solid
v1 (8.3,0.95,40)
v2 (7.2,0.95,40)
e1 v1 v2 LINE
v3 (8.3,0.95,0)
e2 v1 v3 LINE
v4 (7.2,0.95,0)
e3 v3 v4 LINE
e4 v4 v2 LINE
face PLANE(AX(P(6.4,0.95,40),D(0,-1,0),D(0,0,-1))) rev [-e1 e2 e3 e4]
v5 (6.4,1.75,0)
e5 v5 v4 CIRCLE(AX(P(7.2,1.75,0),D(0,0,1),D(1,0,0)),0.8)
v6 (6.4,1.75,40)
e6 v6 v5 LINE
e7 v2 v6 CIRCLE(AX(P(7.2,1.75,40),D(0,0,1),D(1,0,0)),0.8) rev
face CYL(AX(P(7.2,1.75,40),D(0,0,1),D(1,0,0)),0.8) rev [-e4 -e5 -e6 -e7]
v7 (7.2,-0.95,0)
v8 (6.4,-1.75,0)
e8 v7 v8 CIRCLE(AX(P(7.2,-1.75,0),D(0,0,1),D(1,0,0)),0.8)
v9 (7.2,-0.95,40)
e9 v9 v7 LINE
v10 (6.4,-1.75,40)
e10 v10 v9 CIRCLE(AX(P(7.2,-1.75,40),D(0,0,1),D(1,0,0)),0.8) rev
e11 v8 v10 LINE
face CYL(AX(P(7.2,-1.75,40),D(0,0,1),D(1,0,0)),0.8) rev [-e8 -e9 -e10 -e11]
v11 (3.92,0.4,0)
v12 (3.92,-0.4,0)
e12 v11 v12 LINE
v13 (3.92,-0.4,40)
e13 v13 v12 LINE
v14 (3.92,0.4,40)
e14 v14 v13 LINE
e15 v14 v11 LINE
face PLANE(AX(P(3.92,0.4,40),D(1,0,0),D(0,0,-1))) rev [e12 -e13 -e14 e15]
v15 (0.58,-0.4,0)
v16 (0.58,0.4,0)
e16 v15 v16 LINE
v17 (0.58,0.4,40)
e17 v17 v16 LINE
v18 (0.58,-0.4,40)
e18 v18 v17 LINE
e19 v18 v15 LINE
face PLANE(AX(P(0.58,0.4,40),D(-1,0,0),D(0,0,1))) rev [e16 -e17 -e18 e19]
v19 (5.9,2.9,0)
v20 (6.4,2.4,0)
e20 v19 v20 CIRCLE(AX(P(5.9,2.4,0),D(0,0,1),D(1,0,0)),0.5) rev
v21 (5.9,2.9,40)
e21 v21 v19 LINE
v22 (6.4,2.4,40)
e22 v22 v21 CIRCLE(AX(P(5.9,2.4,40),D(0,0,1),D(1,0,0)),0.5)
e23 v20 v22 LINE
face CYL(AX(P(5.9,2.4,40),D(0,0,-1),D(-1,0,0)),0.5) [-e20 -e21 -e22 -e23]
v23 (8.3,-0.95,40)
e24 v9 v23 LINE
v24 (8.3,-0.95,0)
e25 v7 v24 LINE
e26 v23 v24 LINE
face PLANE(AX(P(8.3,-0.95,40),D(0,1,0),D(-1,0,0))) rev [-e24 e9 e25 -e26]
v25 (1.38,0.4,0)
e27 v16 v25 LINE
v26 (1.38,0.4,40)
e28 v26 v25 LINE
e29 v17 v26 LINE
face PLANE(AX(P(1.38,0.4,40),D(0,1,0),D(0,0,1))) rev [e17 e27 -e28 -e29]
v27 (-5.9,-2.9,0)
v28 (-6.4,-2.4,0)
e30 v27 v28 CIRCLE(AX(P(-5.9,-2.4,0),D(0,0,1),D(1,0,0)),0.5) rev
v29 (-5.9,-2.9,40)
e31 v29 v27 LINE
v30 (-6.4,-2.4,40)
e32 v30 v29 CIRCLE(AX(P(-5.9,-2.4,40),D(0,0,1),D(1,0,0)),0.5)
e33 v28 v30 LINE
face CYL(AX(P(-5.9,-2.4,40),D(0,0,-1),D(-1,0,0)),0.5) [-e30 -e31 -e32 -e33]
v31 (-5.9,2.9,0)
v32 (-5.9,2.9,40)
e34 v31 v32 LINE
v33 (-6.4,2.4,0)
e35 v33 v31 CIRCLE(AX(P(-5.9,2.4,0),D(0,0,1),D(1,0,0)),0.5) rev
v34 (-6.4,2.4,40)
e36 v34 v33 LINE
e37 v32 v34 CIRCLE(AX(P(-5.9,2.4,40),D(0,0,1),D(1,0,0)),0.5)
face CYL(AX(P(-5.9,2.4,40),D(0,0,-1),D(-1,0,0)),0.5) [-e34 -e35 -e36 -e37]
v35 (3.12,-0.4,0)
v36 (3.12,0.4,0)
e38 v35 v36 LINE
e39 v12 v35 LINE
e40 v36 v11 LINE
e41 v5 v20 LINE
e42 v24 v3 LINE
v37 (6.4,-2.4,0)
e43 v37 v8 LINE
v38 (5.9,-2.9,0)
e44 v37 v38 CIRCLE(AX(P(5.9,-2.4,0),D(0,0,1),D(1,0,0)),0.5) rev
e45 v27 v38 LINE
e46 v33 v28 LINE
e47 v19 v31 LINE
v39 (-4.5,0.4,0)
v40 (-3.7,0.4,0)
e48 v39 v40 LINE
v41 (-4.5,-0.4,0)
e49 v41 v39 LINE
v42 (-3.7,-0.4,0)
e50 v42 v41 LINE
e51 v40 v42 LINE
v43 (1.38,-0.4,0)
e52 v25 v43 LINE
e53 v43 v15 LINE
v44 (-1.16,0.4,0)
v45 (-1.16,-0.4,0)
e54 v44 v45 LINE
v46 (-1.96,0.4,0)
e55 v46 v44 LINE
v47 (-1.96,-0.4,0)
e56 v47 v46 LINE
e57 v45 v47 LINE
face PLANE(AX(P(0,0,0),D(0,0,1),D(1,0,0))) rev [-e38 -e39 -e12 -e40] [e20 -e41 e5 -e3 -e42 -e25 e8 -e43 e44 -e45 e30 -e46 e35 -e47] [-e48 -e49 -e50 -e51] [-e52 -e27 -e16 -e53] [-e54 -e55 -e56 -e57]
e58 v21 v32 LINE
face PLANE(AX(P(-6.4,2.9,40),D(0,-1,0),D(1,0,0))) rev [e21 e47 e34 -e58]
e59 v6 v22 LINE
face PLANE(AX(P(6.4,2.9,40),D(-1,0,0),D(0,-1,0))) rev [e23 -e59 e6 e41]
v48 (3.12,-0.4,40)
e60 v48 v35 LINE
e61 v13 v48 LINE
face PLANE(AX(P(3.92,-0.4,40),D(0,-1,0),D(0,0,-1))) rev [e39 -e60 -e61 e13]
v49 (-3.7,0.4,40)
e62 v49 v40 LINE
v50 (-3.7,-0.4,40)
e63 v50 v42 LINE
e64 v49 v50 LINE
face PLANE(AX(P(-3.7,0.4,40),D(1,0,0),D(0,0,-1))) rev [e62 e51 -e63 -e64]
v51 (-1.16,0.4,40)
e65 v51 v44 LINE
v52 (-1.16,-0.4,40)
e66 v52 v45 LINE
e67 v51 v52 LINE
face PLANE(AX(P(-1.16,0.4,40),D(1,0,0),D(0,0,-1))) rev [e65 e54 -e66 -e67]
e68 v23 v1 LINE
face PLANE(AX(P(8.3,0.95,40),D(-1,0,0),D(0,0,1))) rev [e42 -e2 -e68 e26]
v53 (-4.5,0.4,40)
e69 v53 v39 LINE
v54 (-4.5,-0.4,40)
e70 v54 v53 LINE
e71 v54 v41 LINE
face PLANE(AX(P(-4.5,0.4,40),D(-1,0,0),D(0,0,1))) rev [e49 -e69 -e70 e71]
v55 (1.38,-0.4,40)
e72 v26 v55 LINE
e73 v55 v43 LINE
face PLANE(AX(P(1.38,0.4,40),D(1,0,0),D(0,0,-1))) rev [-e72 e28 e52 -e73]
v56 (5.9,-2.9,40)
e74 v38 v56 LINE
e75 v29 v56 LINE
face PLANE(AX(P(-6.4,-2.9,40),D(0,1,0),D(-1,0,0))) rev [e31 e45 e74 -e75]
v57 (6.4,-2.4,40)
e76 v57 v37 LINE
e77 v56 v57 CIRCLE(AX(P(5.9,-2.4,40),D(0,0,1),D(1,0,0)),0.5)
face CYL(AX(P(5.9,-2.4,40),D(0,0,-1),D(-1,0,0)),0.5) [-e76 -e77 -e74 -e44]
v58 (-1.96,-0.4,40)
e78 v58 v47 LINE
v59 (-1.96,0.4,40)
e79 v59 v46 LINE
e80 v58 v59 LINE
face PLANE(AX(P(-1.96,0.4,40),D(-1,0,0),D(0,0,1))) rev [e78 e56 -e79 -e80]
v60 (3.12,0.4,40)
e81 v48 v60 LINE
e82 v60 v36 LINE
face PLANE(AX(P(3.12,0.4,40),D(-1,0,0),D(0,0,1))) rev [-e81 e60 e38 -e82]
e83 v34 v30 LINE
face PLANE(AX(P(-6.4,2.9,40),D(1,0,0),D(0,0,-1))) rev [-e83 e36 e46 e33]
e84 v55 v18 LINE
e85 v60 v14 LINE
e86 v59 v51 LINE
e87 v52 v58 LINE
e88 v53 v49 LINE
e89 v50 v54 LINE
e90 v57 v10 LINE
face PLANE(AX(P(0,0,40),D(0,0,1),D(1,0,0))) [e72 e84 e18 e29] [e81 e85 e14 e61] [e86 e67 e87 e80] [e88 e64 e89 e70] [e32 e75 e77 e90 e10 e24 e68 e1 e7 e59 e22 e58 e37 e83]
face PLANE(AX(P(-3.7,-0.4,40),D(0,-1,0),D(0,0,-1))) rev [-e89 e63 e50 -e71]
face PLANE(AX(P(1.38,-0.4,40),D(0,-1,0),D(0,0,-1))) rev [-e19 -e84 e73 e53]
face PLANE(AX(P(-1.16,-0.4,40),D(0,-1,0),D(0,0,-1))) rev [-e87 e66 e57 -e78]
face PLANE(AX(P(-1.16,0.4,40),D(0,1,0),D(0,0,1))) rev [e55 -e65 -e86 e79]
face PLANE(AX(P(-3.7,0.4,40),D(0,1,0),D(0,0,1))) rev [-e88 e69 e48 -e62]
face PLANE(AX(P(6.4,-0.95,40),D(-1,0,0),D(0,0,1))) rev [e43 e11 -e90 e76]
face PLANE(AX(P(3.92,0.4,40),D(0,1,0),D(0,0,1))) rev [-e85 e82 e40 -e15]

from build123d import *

# Parameters (mm, degrees)
BOSS_EXTRU_1_DEPTH         = 40
ESQUISSE3_W                = 0.8
ESQUISSE3_H                = 0.8
ENL_V_MAT_EXTRU_1_DEPTH    = 41.954853192
R_P_TITION_LIN_AIRE1_COUNT = 4
R_P_TITION_LIN_AIRE1_PITCH = 2.54
CONG_1_R                   = 0.8
CONG_2_R                   = 0.5


with BuildPart() as part:
    # Esquisse1 → Boss.-Extru.1 (new body)
    with BuildSketch(Plane.XY):
        Polygon((6.4, 0.95), (8.3, 0.95), (8.3, -0.95), (6.4, -0.95), (6.4, -2.9), (-6.4, -2.9), (-6.4, 2.9), (6.4, 2.9), align=None)
    extrude(amount=BOSS_EXTRU_1_DEPTH)

    # Esquisse3 → Enlèv. mat.-Extru.1 (cut, through all)
    with BuildSketch(Plane(origin=(0, 0, 0), x_dir=(-1, 0, 0), z_dir=(0, 0, -1))):
        with Locations((4.1, 0)):
            Rectangle(ESQUISSE3_W, ESQUISSE3_H)
    enl_v_mat_extru_1 = extrude(amount=-ENL_V_MAT_EXTRU_1_DEPTH, mode=Mode.SUBTRACT)

    # Répétition linéaire1: Enlèv. mat.-Extru.1 ×4
    with Locations(*[(i * R_P_TITION_LIN_AIRE1_PITCH, 0, 0) for i in range(1, R_P_TITION_LIN_AIRE1_COUNT)]):
        add(enl_v_mat_extru_1, mode=Mode.SUBTRACT)

    # Congé1
    cong_1_edges = [part.edges().sort_by_distance(p)[0] for p in [
        (6.4, 0.95, 20),
        (6.4, -0.95, 20),
    ]]
    fillet(cong_1_edges, radius=CONG_1_R)

    # Congé2
    cong_2_edges = [part.edges().sort_by_distance(p)[0] for p in [
        (6.4, -2.9, 20),
        (-6.4, -2.9, 20),
        (-6.4, 2.9, 20),
        (6.4, 2.9, 20),
    ]]
    fillet(cong_2_edges, radius=CONG_2_R)


solid = part.part
